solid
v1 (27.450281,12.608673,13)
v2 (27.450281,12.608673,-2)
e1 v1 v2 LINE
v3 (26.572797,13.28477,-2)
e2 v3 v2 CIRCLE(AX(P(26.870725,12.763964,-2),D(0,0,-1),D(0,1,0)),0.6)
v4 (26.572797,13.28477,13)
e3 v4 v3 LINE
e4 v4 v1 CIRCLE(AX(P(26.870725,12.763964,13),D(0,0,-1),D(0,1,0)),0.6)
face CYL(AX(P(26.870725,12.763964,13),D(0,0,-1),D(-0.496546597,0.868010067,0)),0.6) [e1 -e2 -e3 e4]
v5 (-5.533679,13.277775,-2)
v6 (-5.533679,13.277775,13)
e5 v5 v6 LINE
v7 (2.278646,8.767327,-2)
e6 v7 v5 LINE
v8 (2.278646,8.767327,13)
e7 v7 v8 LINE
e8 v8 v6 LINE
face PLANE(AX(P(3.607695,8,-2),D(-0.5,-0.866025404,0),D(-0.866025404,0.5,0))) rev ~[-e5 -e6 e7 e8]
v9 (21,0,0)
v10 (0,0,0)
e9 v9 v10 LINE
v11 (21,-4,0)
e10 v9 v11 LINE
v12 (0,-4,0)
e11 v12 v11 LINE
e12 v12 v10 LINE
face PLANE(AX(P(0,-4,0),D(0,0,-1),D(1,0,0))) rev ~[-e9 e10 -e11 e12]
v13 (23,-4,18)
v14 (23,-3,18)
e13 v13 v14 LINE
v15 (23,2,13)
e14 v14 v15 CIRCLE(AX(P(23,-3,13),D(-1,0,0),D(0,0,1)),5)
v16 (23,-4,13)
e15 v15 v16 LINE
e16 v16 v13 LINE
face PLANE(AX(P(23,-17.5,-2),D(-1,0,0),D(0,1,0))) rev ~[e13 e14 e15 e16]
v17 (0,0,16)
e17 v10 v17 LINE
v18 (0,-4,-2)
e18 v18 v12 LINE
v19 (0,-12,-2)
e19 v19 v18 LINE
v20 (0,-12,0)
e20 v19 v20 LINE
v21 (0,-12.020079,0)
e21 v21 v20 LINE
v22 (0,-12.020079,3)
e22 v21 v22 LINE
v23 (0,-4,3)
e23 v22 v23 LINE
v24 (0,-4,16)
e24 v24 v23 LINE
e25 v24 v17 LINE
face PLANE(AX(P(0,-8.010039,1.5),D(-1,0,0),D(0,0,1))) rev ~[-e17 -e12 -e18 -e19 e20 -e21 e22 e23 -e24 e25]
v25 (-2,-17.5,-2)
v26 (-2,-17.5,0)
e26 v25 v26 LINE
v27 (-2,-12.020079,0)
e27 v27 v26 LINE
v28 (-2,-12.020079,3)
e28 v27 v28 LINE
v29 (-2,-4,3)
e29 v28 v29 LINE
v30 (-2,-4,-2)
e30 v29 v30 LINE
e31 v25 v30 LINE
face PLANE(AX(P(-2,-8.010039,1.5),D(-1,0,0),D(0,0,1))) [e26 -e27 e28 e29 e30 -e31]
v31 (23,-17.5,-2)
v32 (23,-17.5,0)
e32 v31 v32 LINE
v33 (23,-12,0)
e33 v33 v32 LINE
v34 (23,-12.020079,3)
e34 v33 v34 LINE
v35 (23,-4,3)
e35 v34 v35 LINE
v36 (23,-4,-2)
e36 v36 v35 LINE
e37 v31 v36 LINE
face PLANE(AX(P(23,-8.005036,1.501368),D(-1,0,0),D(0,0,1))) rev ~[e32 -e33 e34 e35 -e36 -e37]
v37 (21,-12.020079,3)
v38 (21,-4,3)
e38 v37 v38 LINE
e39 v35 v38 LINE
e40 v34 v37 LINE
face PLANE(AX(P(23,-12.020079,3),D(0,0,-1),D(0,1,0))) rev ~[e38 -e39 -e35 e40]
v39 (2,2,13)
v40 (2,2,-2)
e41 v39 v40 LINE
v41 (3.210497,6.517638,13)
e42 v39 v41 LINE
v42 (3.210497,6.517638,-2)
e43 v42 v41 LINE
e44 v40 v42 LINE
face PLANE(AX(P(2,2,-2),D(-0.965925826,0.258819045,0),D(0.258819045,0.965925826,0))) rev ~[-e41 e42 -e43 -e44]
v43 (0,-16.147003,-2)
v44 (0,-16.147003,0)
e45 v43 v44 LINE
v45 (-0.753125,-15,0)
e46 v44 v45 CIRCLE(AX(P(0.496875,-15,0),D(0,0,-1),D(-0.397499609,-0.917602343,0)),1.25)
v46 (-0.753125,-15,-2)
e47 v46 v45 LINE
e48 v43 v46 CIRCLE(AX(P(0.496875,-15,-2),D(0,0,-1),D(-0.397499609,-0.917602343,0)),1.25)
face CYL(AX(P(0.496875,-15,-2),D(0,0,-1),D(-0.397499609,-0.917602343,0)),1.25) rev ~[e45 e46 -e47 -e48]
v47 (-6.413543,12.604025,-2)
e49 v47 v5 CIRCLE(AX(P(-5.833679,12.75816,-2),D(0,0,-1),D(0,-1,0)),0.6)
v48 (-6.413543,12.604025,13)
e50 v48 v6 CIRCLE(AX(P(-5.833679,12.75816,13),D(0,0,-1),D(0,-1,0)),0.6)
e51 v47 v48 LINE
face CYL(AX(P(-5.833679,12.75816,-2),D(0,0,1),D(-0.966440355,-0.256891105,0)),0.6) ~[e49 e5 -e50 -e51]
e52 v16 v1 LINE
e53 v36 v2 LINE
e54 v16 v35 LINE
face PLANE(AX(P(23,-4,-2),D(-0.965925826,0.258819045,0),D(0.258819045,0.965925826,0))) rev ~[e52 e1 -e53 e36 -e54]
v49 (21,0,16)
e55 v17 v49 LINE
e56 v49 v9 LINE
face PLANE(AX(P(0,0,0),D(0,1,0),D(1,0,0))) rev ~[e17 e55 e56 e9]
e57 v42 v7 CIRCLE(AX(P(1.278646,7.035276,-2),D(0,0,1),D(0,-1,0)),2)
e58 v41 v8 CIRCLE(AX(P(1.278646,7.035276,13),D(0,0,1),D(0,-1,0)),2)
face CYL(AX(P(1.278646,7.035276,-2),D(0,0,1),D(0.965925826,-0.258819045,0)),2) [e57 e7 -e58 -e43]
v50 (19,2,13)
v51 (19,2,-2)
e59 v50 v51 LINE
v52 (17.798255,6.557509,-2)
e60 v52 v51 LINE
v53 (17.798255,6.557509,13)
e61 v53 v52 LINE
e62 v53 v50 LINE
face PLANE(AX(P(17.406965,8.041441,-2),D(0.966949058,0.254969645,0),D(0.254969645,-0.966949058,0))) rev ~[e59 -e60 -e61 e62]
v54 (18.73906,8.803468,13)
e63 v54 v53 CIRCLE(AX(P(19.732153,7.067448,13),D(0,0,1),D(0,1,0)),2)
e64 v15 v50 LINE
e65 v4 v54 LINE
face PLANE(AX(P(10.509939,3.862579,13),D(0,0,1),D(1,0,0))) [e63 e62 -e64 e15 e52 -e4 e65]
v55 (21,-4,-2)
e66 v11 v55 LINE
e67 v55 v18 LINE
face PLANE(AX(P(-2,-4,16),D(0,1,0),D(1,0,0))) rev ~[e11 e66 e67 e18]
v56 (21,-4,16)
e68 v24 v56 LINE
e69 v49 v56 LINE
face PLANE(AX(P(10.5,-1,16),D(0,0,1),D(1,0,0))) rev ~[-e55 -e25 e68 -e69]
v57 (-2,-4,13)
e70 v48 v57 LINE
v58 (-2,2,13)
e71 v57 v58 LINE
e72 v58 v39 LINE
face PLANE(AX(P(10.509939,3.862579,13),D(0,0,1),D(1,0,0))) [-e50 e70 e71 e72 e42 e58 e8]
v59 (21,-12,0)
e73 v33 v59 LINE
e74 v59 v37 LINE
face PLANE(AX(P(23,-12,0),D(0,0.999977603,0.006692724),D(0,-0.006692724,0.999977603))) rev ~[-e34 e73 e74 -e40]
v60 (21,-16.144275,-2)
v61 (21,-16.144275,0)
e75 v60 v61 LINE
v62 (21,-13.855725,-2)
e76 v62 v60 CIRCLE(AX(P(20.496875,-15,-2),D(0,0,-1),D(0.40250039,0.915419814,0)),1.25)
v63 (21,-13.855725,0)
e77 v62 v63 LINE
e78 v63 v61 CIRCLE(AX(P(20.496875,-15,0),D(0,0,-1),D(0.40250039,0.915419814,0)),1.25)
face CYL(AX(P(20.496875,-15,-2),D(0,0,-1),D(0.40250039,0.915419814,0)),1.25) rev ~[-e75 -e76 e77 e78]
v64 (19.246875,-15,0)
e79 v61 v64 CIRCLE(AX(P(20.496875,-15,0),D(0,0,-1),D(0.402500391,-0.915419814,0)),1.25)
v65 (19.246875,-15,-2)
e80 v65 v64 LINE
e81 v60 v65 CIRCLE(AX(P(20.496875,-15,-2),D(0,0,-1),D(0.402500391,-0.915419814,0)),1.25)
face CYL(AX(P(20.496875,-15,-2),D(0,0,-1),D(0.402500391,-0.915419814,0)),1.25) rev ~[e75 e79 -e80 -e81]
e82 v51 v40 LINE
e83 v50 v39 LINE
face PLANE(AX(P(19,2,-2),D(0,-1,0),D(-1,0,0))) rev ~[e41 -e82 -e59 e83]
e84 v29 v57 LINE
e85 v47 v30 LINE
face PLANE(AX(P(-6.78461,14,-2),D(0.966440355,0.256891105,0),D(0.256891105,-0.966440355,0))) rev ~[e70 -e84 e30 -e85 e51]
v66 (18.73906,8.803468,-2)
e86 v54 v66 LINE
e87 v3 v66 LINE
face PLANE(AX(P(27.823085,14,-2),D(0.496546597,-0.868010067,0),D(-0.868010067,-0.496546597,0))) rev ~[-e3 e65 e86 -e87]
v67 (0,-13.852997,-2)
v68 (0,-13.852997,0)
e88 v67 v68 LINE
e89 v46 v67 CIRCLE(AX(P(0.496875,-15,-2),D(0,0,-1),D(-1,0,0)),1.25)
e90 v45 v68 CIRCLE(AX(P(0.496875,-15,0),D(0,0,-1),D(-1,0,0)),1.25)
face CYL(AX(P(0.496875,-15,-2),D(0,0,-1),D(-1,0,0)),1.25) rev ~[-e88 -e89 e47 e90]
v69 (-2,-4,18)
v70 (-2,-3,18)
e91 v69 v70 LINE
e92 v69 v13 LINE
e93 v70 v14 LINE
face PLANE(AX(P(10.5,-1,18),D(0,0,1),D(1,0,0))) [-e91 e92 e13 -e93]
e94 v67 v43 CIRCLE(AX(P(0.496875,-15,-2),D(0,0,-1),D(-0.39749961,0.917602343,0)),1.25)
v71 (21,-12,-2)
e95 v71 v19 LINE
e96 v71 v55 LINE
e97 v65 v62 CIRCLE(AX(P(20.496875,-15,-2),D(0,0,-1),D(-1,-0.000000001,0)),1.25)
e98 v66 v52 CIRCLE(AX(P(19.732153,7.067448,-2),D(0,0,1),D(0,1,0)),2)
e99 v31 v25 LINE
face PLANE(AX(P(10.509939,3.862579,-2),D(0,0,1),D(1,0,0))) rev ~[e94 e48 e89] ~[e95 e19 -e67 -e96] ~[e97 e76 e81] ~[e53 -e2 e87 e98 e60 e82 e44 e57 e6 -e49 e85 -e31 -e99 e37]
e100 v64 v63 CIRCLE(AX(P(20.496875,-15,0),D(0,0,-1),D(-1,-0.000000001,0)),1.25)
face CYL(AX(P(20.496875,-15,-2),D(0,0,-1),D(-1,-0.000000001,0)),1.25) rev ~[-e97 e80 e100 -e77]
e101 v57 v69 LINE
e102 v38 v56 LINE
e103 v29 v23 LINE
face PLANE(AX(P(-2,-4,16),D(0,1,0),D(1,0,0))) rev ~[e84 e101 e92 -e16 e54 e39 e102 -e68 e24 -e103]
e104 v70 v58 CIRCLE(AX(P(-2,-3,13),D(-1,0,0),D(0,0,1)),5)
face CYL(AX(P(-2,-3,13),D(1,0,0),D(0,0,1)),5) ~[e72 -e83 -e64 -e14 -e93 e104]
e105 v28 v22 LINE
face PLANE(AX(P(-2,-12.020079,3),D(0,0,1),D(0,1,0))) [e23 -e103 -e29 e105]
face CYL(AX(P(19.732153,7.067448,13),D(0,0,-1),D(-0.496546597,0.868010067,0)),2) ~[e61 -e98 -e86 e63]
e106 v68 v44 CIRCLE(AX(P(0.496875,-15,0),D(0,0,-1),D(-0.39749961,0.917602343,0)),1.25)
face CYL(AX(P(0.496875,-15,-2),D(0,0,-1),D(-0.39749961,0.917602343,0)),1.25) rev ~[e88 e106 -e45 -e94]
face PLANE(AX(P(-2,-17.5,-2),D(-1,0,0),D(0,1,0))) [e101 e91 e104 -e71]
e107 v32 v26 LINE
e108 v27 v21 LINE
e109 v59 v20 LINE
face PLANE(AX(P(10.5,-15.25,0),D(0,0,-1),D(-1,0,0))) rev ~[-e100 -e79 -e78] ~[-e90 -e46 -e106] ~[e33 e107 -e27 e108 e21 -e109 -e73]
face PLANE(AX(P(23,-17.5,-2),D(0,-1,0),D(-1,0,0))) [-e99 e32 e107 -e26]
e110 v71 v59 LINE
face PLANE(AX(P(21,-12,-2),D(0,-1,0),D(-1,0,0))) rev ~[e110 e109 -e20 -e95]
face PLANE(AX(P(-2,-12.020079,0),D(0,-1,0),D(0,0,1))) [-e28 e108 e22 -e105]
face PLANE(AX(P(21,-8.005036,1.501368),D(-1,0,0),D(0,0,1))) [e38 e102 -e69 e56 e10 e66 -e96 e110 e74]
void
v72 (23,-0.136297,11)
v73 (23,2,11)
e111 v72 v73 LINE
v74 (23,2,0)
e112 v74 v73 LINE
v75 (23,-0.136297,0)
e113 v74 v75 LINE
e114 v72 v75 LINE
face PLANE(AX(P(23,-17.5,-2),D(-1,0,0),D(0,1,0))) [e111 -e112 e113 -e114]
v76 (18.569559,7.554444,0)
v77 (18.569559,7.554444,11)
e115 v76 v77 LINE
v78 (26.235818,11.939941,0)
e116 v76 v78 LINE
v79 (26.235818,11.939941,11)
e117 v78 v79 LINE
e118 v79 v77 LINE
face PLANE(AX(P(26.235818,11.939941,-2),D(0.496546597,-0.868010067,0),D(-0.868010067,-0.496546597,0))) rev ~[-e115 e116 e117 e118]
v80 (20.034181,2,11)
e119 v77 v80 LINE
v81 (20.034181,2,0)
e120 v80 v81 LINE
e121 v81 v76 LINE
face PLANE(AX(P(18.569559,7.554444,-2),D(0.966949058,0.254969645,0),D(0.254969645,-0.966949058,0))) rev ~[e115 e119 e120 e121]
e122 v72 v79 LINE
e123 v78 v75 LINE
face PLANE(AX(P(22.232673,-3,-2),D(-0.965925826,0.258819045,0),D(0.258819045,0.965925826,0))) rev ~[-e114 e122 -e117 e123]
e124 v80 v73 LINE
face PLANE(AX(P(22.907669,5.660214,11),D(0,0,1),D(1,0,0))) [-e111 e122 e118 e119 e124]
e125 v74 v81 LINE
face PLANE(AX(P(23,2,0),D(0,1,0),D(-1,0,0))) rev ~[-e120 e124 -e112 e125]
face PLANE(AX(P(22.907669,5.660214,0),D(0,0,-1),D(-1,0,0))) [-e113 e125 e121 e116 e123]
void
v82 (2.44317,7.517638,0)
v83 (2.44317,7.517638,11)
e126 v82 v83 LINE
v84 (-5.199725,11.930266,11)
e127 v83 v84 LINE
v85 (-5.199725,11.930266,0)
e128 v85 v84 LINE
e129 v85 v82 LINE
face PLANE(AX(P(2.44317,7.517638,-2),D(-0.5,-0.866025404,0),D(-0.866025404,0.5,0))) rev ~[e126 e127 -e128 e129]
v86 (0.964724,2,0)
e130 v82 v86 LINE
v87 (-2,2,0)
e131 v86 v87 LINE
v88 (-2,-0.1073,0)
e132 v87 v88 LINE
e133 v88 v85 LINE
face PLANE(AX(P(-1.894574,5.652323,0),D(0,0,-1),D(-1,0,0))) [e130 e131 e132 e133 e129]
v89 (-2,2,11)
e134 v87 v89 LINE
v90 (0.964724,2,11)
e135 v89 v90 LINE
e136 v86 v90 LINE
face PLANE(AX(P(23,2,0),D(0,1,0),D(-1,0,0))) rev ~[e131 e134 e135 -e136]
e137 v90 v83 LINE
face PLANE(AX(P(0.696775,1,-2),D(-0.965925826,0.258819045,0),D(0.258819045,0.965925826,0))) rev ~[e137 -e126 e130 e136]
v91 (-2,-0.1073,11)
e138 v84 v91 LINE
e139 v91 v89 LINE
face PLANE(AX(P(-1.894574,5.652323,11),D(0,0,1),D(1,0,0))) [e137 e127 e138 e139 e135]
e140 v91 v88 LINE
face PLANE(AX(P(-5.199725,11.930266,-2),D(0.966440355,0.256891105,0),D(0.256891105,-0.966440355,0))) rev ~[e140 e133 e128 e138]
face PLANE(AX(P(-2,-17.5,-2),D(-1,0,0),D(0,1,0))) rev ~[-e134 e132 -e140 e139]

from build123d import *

# Parameters (mm, degrees)
BOSS_EXTRUDE1_DEPTH  = 16
SKETCH3_W            = 25
SKETCH3_H            = 6
BOSS_EXTRUDE2_DEPTH  = 2
SKETCH6_W            = 25
SKETCH6_H            = 15
BOSS_EXTRUDE3_DEPTH  = 2
SKETCH7_W            = 21
SKETCH7_H            = 8
CUT_EXTRUDE1_DEPTH   = 2
SKETCH10_W           = 25
SKETCH10_H           = 4.5
BOSS_EXTRUDE4_DEPTH  = 2
CUT_EXTRUDE2_DEPTH   = 3
FILLET1_R            = 5
BOSS_EXTRUDE7_DEPTH  = 15
BOSS_EXTRUDE8_DEPTH  = 2
BOSS_EXTRUDE9_DEPTH  = 2
FILLET4_R            = 2
FILLET5_R            = 0.6
SKETCH16_W           = 3
SKETCH16_H           = 8.020078622
BOSS_EXTRUDE10_DEPTH = 2
BOSS_EXTRUDE11_DEPTH = 2
SKETCH18_W           = 21
SKETCH18_H           = 13
CUT_EXTRUDE3_DEPTH   = 4


with BuildPart() as part:
    # Sketch1 → Boss-Extrude1 (new body)
    with BuildSketch(Plane.XY):
        Polygon((23, 2), (-2, 2), (-2, -4), (0, -4), (0, 0), (21, 0), (21, -4), (23, -4), align=None)
    extrude(amount=BOSS_EXTRUDE1_DEPTH)

    # Sketch3 → Boss-Extrude2 (add)
    with BuildSketch(Plane.XY.offset(16)):
        with Locations((10.5, -1)):
            Rectangle(SKETCH3_W, SKETCH3_H)
    extrude(amount=BOSS_EXTRUDE2_DEPTH)

    # Sketch6 → Boss-Extrude3 (add)
    with BuildSketch(Plane(origin=(0, 0, 0), x_dir=(-1, 0, 0), z_dir=(0, 0, -1))):
        with Locations((-10.5, -5.5)):
            Rectangle(SKETCH6_W, SKETCH6_H)
    extrude(amount=BOSS_EXTRUDE3_DEPTH)

    # Sketch7 → Cut-Extrude1 (cut)
    with BuildSketch(Plane(origin=(0, 0, -2), x_dir=(-1, 0, 0), z_dir=(0, 0, -1))):
        with Locations((-10.5, -8)):
            Rectangle(SKETCH7_W, SKETCH7_H)
    extrude(amount=-CUT_EXTRUDE1_DEPTH, mode=Mode.SUBTRACT)

    # Sketch10 → Boss-Extrude4 (add)
    with BuildSketch(Plane(origin=(0, 0, -2), x_dir=(-1, 0, 0), z_dir=(0, 0, -1))):
        with Locations((-10.5, -15.25)):
            Rectangle(SKETCH10_W, SKETCH10_H)
    extrude(amount=-BOSS_EXTRUDE4_DEPTH)

    # Sketch11 → Cut-Extrude2 (cut)
    with BuildSketch(Plane(origin=(0, 0, -2), x_dir=(-1, 0, 0), z_dir=(0, 0, -1))):
        with BuildLine():
            ThreePointArc((-19.246874512, -15), (-19.813649388, -13.953241465), (-21, -13.855725233))
            Line((-21, -13.855725233), (-21, -16.144274767))
            ThreePointArc((-21, -16.144274767), (-19.813649388, -16.046758535), (-19.246874512, -15))
        make_face()
        with BuildLine():
            Line((-21, -16.144274767), (-21, -13.855725233))
            ThreePointArc((-21, -13.855725233), (-21.746874512, -15), (-21, -16.144274767))
        make_face()
        with BuildLine():
            ThreePointArc((0.753125488, -15), (0.548016186, -14.313921703), (0, -13.852997071))
            Line((0, -13.852997071), (0, -16.147002929))
            ThreePointArc((0, -16.147002929), (0.548016186, -15.686078297), (0.753125488, -15))
        make_face()
        with BuildLine():
            Line((0, -16.147002929), (0, -13.852997071))
            ThreePointArc((0, -13.852997071), (-1.746874512, -15), (0, -16.147002929))
        make_face()
    extrude(amount=-CUT_EXTRUDE2_DEPTH, mode=Mode.SUBTRACT)

    # Fillet1
    fillet1_edges = [part.edges().sort_by_distance(p)[0] for p in [
        (10.5, 2, 18),
    ]]
    fillet(fillet1_edges, radius=FILLET1_R)

    # Sketch13 → Boss-Extrude7 (add)
    with BuildSketch(Plane(origin=(0, 0, -2), x_dir=(-1, 0, 0), z_dir=(0, 0, -1))):
        Polygon((-21, -4), (-23, -4), (-27.823085464, 14), (-17.406964655, 8.041440838), (-19, 2), (-2, 2), (-3.607695155, 8), (6.784609691, 14), (2, -4), (0, -4), align=None)
        Polygon((-22.232673012, -3), (-26.235818051, 11.939940677), (-18.569558802, 7.554444375), (-20.297865317, 1), (-0.696774627, 1), (-2.44317049, 7.51763809), (5.199725285, 11.930266023), (1.231086646, -3), (0, -3), (-21, -3), align=None, mode=Mode.SUBTRACT)
    extrude(amount=-BOSS_EXTRUDE7_DEPTH)

    # Sketch14 → Boss-Extrude8 (add)
    with BuildSketch(Plane(origin=(0, 0, -2), x_dir=(-1, 0, 0), z_dir=(0, 0, -1))):
        Polygon((-27.823085464, 14), (-23, -4), (-19, 2), (-17.406964655, 8.041440838), align=None)
        Polygon((-2, 2), (2, -4), (6.784609691, 14), (-3.607695155, 8), align=None)
    extrude(amount=-BOSS_EXTRUDE8_DEPTH)

    # Sketch15 → Boss-Extrude9 (add)
    with BuildSketch(Plane.XY.offset(13)):
        Polygon((-6.784609691, 14), (-2, -4), (2, 2), (3.607695155, 8), align=None)
        Polygon((19, 2), (23, -4), (27.823085464, 14), (17.406964655, 8.041440838), align=None)
    extrude(amount=-BOSS_EXTRUDE9_DEPTH)

    # Fillet4
    fillet4_edges = [part.edges().sort_by_distance(p)[0] for p in [
        (17.406964655, 8.041440838, 5.5),
        (3.607695155, 8, 5.5),
    ]]
    fillet(fillet4_edges, radius=FILLET4_R)

    # Fillet5
    fillet5_edges = [part.edges().sort_by_distance(p)[0] for p in [
        (27.823085464, 14, 5.5),
        (-6.784609691, 14, 5.5),
    ]]
    fillet(fillet5_edges, radius=FILLET5_R)

    # Sketch16 → Boss-Extrude10 (add)
    with BuildSketch(Plane.ZY.offset(2)):
        with Locations((1.5, -8.010039311)):
            Rectangle(SKETCH16_W, SKETCH16_H)
    extrude(amount=-BOSS_EXTRUDE10_DEPTH)

    # Sketch17 → Boss-Extrude11 (add)
    with BuildSketch(Plane(origin=(23, 0, 0), x_dir=(0, 0, -1), z_dir=(1, 0, 0))):
        Polygon((0, -12), (-3, -12.020078622), (-3, -4), (0, -4), align=None)
    extrude(amount=-BOSS_EXTRUDE11_DEPTH)

    # Sketch18 → Cut-Extrude3 (cut)
    with BuildSketch(Plane.XZ.offset(4)):
        with Locations((10.5, 6.5)):
            Rectangle(SKETCH18_W, SKETCH18_H)
    extrude(amount=-CUT_EXTRUDE3_DEPTH, mode=Mode.SUBTRACT)


solid = part.part
